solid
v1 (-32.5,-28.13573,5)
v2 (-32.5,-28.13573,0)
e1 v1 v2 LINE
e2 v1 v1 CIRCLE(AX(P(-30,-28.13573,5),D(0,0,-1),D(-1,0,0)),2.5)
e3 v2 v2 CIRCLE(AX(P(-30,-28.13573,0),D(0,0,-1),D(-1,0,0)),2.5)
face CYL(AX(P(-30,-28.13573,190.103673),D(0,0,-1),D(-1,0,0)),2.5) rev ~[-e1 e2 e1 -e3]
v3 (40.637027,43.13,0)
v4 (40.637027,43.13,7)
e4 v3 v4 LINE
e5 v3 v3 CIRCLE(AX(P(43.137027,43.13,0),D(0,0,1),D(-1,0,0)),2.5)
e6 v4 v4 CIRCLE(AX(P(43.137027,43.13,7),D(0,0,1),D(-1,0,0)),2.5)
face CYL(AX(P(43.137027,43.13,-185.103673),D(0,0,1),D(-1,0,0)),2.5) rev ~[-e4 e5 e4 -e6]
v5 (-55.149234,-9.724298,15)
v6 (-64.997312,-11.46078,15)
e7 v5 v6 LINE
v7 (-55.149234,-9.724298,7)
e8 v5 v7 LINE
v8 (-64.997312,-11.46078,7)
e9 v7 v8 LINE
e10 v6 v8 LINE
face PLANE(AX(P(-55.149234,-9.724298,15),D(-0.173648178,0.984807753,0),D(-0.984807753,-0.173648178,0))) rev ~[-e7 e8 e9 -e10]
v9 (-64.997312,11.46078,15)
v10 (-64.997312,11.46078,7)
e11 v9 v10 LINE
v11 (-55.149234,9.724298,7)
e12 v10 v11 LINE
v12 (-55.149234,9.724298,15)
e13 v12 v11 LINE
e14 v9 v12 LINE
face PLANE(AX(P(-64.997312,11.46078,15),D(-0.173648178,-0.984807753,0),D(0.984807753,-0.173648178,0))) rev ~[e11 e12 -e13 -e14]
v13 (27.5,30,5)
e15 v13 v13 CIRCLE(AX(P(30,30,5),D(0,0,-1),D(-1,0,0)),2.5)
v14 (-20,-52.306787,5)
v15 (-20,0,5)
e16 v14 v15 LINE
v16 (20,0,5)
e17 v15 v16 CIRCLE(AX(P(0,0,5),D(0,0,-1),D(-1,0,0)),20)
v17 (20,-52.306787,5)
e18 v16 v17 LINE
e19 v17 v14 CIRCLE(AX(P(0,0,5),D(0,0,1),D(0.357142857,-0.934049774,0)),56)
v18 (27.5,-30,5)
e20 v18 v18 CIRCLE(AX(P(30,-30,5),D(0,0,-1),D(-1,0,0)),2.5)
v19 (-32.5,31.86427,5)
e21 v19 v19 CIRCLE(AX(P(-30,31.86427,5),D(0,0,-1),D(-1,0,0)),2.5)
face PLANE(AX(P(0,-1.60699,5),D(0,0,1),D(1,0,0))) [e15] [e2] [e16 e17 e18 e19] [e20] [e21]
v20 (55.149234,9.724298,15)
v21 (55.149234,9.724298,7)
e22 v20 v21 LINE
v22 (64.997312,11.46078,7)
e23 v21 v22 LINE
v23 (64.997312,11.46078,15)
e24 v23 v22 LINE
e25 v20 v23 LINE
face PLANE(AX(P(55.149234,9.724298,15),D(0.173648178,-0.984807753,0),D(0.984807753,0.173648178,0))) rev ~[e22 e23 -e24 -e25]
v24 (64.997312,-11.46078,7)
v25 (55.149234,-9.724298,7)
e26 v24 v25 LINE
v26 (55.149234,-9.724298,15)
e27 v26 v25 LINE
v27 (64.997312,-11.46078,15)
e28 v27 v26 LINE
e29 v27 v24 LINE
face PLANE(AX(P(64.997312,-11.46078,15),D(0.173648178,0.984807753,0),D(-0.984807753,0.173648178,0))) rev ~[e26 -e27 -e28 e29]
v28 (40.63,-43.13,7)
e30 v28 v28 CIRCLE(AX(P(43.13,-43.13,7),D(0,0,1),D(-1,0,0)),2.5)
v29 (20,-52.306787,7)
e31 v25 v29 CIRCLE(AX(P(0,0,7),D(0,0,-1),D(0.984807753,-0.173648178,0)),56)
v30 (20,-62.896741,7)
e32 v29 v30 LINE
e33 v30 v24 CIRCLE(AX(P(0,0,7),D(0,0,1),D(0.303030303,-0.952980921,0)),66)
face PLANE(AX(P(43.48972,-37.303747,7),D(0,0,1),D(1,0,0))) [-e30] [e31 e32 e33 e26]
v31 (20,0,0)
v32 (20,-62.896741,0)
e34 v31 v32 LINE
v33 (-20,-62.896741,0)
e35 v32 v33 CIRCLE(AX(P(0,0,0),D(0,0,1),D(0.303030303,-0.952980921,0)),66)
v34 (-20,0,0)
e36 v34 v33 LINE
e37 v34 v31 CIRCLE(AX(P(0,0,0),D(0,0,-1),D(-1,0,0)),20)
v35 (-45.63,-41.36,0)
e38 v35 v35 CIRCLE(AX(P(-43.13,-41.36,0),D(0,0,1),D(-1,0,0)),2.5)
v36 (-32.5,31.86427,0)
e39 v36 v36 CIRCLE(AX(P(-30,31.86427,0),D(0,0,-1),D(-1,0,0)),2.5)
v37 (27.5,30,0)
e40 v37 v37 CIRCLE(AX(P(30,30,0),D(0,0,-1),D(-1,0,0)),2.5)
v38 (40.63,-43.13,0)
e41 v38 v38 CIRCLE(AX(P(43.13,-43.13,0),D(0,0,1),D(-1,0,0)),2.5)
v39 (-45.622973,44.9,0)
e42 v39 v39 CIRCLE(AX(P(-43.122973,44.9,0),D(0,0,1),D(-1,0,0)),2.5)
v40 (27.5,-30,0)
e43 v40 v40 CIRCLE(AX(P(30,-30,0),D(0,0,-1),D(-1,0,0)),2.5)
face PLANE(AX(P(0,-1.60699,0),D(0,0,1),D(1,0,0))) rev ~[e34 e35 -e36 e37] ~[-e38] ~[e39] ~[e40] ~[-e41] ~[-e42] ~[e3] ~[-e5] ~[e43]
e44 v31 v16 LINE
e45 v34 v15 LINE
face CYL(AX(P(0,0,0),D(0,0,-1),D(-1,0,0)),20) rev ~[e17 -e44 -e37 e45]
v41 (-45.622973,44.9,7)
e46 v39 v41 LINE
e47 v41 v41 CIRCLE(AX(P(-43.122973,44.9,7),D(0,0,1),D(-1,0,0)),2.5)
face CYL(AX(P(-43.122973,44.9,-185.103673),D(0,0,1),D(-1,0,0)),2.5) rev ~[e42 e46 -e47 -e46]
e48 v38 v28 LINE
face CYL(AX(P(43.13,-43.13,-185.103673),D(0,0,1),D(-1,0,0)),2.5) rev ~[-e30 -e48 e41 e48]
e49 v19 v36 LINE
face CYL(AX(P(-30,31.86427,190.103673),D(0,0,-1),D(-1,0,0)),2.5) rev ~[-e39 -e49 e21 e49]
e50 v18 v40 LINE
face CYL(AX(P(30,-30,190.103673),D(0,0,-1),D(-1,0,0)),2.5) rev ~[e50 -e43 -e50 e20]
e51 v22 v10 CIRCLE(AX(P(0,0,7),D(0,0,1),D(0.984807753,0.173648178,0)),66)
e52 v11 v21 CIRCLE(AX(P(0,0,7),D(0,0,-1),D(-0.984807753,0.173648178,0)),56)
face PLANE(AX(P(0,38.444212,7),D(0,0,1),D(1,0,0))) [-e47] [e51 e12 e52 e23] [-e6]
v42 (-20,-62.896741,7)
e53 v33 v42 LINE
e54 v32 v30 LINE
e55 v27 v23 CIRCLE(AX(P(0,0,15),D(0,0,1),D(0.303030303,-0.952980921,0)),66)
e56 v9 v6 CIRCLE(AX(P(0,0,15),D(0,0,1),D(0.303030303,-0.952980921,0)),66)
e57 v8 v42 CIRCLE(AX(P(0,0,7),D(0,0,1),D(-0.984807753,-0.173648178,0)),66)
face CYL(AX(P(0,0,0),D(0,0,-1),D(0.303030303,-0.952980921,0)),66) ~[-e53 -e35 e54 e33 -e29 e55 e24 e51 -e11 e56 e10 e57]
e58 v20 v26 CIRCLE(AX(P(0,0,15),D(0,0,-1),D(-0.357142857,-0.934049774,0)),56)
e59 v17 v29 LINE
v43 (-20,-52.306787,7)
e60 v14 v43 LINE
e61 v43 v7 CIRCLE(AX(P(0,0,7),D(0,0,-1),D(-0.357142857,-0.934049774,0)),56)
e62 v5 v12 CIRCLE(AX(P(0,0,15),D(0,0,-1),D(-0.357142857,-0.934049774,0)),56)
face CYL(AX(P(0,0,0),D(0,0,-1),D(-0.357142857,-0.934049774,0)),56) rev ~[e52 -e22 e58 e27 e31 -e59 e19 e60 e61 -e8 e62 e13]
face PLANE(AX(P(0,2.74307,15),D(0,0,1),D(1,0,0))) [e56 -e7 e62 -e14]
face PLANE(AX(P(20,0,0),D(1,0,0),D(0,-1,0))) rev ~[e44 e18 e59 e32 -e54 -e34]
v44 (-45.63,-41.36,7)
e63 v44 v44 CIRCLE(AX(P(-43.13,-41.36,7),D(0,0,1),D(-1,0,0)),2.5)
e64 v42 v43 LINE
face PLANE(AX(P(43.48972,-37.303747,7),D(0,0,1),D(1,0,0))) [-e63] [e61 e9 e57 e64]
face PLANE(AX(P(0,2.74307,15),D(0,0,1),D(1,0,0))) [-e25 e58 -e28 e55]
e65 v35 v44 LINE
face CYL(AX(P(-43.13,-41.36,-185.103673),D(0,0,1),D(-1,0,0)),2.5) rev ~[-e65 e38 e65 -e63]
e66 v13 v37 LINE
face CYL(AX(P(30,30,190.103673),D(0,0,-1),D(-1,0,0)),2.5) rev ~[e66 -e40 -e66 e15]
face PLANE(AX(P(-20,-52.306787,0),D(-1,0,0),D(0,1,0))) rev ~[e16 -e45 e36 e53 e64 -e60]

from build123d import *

# Parameters (mm, degrees)
F1_DEPTH = 15
F3_DEPTH = 5
F5_DEPTH = 8
F8_D     = 5
F9_D     = 5


with BuildPart() as f1:
    # F0 (on Top) → F1 (new body)
    with BuildSketch(Plane.XY):
        with BuildLine():
            Line((20, -52.3067873225), (20, -62.8967407741))
            ThreePointArc((20, -62.8967407741), (0, 66), (-20, -62.8967407741))
            Line((-20, -62.8967407741), (-20, -52.3067873225))
            ThreePointArc((-20, -52.3067873225), (0, 56), (20, -52.3067873225))
        make_face()
    extrude(amount=F1_DEPTH)

    # F2 (on Top) → F3 (join)
    with BuildSketch(Plane.XY):
        with BuildLine():
            Line((20, 0), (20, -52.3067873225))
            ThreePointArc((20, -52.3067873225), (0, 56), (-20, -52.3067873225))
            Line((-20, -52.3067873225), (-20, 0))
            ThreePointArc((-20, 0), (0, 20), (20, 0))
        make_face()
    extrude(amount=F3_DEPTH)

    # F4 (on face) → F5 (cut)
    with BuildSketch(Plane.XY.offset(15)):
        with BuildLine():
            ThreePointArc((20, -62.8967407741), (49.6744428377, -43.4562967677), (64.9973116988, -11.460779726))
            Line((64.9973116988, -11.460779726), (55.1492341687, -9.7242979493))
            ThreePointArc((55.1492341687, -9.7242979493), (43.1876018012, -35.6487173775), (20, -52.3067873225))
            Line((20, -52.3067873225), (20, -62.8967407741))
        make_face()
        with BuildLine():
            Line((-64.9973116988, 11.460779726), (-55.1492341687, 9.7242979493))
            ThreePointArc((-55.1492341687, 9.7242979493), (0, 56), (55.1492341687, 9.7242979493))
            Line((55.1492341687, 9.7242979493), (64.9973116988, 11.460779726))
            ThreePointArc((64.9973116988, 11.460779726), (0, 66), (-64.9973116988, 11.460779726))
        make_face()
        with BuildLine():
            ThreePointArc((-20, -62.8967407741), (0, -66), (20, -62.8967407741))
            Line((20, -62.8967407741), (20, -52.3067873225))
            ThreePointArc((20, -52.3067873225), (0, -56), (-20, -52.3067873225))
            Line((-20, -52.3067873225), (-20, -62.8967407741))
        make_face()
        with BuildLine():
            ThreePointArc((-64.9973116988, -11.460779726), (-49.6744428377, -43.4562967677), (-20, -62.8967407741))
            Line((-20, -62.8967407741), (-20, -52.3067873225))
            ThreePointArc((-20, -52.3067873225), (-43.1876018012, -35.6487173775), (-55.1492341687, -9.7242979493))
            Line((-55.1492341687, -9.7242979493), (-64.9973116988, -11.460779726))
        make_face()
    extrude(amount=-F5_DEPTH, mode=Mode.SUBTRACT)

    # F8 (through all)
    with Locations(Plane(origin=(0, 0, 0), x_dir=(1, 0, 0), z_dir=(0, 0, -1))):
        with Locations((43.13, 43.13), (43.1370270186, -43.13), (-43.13, 41.36), (-43.1229729814, -44.9)):
            Hole(F8_D / 2)

    # F9 (through all)
    with Locations(Plane.XY.offset(5)):
        with Locations((30, -30), (30, 30), (-30, 31.8642704598), (-30, -28.1357295402)):
            Hole(F9_D / 2)


solid = f1.part
